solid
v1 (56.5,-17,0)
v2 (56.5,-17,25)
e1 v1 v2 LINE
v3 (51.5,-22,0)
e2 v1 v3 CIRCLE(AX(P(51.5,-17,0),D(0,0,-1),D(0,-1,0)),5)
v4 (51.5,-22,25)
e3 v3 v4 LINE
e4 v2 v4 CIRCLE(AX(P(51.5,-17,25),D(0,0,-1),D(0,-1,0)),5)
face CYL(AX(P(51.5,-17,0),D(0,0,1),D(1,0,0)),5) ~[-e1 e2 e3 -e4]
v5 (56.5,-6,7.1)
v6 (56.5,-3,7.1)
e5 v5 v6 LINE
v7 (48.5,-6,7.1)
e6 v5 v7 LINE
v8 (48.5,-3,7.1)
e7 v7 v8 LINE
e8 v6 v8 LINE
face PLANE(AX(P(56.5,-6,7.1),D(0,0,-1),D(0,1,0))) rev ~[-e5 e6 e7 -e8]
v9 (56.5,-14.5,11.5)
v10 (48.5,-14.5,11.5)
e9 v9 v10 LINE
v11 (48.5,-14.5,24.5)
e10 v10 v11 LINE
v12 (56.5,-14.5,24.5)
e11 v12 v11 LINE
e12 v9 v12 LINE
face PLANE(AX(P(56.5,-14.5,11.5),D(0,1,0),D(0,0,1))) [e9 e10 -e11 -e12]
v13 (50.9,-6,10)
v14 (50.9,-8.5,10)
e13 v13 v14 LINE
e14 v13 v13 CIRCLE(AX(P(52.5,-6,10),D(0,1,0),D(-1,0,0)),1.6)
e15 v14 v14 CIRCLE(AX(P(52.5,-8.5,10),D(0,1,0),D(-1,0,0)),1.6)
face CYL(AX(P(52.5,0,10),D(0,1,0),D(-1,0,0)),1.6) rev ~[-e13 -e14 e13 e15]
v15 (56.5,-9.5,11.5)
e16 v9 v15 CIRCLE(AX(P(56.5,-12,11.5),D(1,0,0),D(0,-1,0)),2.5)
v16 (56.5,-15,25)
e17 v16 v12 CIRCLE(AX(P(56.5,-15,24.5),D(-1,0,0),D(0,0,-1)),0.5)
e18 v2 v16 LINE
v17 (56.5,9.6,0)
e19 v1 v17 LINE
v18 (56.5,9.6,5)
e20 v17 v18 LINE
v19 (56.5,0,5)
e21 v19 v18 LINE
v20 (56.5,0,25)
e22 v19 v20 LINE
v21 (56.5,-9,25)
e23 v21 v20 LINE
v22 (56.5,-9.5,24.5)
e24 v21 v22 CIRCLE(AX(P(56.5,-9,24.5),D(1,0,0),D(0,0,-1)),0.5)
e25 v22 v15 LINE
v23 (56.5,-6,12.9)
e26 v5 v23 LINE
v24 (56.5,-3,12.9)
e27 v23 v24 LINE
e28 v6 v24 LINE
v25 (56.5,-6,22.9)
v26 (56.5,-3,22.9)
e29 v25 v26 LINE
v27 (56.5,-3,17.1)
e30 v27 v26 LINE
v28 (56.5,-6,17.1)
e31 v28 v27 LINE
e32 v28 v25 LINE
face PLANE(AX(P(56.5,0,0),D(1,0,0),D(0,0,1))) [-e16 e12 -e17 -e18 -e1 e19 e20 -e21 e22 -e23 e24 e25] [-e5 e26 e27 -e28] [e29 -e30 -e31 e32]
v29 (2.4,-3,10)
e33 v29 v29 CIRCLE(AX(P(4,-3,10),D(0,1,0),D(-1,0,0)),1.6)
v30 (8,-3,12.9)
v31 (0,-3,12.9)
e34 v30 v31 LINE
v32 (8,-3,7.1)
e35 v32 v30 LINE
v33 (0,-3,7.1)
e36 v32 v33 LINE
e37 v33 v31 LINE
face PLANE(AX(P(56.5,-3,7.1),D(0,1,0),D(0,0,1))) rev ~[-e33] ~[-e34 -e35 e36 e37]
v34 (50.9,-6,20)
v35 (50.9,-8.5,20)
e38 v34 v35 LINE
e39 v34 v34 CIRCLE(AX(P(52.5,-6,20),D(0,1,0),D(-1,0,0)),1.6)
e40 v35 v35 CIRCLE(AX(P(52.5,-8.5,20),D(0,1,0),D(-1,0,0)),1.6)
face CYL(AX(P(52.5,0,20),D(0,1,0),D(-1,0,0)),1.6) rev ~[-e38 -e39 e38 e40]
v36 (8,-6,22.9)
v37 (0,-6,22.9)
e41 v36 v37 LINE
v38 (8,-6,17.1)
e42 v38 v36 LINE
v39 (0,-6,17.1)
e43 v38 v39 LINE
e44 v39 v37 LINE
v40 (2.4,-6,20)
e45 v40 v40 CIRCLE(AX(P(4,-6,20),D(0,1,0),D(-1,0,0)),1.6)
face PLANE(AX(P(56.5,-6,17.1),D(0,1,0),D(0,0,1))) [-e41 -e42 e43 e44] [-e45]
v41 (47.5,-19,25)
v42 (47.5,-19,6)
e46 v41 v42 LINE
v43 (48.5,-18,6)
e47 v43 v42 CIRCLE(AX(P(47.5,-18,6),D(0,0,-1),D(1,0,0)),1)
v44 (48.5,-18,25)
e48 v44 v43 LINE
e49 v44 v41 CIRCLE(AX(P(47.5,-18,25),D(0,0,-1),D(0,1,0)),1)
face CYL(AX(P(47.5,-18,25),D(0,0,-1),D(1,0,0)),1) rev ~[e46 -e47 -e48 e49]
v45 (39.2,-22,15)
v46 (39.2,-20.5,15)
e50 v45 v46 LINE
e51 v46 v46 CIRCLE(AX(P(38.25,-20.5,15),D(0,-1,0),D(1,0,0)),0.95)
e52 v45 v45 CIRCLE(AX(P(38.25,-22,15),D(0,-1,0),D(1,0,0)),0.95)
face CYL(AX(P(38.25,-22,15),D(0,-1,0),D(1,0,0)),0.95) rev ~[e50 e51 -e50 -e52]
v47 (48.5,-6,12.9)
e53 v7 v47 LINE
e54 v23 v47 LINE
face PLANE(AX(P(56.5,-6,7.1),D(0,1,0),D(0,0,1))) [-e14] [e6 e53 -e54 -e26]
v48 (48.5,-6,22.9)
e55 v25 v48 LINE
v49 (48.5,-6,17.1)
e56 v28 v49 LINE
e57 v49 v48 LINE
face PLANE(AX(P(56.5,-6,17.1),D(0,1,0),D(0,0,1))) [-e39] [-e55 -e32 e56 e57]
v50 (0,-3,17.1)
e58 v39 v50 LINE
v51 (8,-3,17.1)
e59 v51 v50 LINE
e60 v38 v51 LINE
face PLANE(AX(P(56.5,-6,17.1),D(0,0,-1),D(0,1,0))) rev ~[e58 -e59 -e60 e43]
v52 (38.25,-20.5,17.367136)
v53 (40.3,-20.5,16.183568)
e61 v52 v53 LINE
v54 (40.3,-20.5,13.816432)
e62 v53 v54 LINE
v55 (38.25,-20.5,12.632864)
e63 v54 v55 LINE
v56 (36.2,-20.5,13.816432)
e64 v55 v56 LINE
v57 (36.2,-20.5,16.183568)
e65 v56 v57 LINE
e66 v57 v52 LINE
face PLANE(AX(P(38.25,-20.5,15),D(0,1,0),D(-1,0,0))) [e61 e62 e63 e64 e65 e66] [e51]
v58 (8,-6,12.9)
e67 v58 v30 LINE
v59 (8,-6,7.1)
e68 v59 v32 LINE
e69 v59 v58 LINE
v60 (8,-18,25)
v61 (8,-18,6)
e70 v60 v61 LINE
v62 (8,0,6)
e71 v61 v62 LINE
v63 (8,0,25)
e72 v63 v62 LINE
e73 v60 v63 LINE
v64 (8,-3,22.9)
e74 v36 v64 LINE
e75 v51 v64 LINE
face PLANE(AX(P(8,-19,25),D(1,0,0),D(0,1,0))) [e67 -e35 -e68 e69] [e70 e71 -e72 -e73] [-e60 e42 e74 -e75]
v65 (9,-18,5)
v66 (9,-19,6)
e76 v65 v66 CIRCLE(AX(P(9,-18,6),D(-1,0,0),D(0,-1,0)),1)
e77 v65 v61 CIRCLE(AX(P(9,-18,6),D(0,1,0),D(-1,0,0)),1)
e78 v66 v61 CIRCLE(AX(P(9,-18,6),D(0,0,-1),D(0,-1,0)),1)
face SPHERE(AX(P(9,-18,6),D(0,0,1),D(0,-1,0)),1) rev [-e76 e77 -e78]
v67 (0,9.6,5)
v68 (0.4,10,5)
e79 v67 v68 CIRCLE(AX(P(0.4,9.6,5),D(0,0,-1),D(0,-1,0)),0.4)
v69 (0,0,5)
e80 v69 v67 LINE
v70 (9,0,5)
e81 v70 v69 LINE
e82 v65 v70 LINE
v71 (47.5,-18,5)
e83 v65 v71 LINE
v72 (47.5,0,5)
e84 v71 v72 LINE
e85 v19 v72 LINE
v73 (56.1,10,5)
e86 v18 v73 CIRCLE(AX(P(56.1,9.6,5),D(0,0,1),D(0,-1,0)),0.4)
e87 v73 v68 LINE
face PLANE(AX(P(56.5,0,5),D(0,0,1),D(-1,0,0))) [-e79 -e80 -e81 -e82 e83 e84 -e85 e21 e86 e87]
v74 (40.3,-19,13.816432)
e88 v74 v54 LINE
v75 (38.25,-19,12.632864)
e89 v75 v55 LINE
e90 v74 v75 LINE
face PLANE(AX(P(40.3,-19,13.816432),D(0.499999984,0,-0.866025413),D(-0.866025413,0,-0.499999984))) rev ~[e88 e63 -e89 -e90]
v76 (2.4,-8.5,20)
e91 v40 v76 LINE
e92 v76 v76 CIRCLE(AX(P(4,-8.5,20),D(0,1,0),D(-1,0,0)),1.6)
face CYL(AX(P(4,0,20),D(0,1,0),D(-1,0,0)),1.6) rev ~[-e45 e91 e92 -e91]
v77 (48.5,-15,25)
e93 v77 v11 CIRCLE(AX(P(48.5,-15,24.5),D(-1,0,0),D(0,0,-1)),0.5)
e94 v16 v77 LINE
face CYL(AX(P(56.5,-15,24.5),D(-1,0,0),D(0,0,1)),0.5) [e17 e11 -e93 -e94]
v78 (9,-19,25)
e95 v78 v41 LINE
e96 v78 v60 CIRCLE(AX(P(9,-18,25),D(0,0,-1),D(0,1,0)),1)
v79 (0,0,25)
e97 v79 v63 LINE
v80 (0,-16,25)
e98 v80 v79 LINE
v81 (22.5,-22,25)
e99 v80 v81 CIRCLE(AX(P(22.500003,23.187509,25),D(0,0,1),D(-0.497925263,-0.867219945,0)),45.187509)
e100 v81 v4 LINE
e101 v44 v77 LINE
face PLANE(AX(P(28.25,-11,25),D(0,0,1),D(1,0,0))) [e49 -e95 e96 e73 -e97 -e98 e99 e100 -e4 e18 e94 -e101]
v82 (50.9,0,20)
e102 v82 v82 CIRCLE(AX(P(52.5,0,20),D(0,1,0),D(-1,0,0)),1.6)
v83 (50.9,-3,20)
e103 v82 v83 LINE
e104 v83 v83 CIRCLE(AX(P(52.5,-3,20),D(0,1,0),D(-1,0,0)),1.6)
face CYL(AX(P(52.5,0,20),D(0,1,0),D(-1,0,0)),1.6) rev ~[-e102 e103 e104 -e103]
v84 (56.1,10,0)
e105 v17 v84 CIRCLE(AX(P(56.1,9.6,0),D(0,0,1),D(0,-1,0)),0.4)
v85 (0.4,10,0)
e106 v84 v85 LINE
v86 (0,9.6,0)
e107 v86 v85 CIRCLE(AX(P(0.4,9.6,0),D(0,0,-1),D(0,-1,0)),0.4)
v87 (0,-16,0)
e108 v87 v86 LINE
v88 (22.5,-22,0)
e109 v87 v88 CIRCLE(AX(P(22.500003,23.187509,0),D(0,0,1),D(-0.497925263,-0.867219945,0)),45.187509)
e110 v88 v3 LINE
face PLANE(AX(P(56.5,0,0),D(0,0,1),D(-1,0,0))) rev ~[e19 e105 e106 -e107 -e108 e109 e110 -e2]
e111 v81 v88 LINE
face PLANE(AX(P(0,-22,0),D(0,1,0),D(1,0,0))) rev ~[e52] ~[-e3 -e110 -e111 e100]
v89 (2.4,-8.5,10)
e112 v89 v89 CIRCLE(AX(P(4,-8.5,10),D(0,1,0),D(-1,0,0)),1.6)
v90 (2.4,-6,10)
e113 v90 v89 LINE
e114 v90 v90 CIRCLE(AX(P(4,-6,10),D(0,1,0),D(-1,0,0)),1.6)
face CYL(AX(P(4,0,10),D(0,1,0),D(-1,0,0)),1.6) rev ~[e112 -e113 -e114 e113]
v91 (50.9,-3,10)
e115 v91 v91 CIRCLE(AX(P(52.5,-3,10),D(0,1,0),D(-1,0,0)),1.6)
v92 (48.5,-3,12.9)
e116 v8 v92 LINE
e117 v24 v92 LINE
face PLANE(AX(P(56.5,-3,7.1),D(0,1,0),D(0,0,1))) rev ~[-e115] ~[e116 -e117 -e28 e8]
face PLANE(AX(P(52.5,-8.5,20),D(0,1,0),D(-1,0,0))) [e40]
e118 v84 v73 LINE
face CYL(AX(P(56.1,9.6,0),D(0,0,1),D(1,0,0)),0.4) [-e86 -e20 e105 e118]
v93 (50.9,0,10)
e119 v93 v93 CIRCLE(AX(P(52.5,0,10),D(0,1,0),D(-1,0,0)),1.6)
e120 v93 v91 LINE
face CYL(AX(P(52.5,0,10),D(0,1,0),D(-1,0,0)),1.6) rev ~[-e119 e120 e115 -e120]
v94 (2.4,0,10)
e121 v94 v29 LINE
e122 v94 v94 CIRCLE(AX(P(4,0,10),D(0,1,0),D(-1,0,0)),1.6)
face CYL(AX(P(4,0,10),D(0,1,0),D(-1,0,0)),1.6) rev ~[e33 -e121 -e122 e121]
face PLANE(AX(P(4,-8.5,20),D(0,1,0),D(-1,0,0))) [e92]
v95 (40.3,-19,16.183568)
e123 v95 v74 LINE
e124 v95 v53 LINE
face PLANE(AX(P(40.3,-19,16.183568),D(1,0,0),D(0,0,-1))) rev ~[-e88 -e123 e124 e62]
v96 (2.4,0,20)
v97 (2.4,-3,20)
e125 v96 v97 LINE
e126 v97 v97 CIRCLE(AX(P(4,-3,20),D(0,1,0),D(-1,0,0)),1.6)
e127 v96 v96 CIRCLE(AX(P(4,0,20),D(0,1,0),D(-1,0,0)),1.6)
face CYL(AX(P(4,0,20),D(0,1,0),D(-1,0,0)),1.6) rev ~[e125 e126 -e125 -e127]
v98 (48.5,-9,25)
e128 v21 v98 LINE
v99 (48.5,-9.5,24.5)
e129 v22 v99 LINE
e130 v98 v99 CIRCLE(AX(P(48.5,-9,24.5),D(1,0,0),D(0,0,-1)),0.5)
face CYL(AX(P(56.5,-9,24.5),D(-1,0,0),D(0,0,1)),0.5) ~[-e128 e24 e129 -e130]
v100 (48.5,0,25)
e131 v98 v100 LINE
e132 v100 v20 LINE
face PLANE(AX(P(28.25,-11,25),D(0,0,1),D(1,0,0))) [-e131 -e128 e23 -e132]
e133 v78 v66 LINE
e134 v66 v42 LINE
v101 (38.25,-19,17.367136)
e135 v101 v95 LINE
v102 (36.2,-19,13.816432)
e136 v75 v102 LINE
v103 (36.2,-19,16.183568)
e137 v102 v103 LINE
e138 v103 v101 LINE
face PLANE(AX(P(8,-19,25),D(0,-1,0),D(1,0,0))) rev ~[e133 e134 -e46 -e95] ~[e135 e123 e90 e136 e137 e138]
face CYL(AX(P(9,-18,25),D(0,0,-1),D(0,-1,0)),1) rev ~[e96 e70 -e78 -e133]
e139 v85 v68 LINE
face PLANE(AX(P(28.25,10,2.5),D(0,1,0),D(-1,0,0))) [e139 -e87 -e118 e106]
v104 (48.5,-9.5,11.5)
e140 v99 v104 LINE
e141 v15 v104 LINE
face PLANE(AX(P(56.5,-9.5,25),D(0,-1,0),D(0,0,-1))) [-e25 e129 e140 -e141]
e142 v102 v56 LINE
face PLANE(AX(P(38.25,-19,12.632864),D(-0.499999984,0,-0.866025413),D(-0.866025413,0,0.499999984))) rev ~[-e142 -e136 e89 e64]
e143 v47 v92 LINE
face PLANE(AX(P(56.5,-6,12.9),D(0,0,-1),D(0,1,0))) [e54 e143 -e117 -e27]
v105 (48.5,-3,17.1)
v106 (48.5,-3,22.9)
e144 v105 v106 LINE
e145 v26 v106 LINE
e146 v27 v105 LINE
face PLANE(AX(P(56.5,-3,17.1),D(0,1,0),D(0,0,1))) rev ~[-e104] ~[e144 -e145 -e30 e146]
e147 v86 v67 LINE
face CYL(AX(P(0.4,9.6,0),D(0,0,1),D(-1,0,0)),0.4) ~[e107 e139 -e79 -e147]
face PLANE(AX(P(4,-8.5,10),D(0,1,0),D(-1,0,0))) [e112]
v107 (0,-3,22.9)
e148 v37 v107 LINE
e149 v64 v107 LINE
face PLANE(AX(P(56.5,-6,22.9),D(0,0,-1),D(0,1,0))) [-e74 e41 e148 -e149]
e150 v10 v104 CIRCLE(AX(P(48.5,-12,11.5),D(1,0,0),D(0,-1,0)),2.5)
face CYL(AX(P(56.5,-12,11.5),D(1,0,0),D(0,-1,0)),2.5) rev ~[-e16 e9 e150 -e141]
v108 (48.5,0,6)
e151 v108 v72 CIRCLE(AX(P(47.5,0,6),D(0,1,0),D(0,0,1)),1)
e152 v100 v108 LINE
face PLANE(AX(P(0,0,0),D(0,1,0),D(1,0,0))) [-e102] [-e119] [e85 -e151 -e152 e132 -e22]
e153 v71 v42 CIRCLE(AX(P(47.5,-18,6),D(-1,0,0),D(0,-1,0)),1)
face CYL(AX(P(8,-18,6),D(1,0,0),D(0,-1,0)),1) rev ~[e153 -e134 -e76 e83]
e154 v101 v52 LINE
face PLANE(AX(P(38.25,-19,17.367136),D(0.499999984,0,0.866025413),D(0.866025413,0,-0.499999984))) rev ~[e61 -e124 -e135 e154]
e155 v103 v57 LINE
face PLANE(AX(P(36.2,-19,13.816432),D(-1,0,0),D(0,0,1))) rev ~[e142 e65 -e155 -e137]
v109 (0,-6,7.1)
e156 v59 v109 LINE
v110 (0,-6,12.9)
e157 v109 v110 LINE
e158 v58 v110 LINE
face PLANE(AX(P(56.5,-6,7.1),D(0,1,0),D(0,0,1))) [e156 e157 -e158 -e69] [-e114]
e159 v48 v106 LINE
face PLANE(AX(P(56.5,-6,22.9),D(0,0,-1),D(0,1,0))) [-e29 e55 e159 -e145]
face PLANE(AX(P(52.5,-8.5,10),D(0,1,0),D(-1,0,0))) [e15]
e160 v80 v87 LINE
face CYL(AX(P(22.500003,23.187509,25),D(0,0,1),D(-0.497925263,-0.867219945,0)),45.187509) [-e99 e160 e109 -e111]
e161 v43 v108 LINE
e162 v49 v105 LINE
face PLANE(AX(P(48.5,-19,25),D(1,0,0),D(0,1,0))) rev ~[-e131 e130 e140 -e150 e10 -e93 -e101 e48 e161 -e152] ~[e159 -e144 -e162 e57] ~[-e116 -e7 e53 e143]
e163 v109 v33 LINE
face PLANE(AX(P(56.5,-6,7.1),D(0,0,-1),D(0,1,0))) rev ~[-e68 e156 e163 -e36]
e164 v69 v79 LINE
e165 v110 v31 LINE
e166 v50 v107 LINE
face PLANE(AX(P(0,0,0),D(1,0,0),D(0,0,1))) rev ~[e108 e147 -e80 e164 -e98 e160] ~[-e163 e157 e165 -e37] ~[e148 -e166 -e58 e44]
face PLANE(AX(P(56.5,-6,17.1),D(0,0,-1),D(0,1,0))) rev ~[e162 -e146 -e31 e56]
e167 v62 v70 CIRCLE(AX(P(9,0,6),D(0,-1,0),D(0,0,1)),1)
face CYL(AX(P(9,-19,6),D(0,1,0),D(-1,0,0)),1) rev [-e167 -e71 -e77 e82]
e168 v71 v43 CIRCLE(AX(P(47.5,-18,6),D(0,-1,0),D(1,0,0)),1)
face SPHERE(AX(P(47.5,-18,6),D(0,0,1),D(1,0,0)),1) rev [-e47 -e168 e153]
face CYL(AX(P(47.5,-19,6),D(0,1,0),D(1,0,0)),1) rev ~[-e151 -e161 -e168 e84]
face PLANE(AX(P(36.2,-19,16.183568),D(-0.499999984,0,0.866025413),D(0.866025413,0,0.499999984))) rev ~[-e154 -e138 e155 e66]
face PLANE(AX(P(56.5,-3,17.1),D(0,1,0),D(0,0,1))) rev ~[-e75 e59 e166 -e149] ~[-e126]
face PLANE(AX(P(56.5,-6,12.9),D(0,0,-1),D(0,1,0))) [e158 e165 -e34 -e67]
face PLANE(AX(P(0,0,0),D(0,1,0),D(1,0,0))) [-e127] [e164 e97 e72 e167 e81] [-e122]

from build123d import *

# Parameters (mm, degrees)
SKETCH125_W     = 56.5
SKETCH125_H     = 22
PAD023_DEPTH    = 25
SKETCH126_W     = 40.5
SKETCH126_H     = 19
POCKET095_DEPTH = 20
POCKET096_DEPTH = 25
SKETCH128_W     = 3
SKETCH128_H     = 5.8
POCKET098_DEPTH = 56.5
SKETCH130_R     = 1.6
POCKET099_DEPTH = 8.5
POCKET100_DEPTH = 8
FILLET035_R     = 0.5
SKETCH132_R     = 0.95
POCKET101_DEPTH = 3
POCKET102_DEPTH = 1.5
FILLET036_R     = 5
FILLET037_R     = 1
SKETCH_W        = 56.5
SKETCH_H        = 5
PAD_DEPTH       = 10
FILLET_R        = 0.4


with BuildPart() as part:
    # Sketch125 → Pad023 (new body)
    with BuildSketch(Plane.XY):
        with Locations((28.25, -11)):
            Rectangle(SKETCH125_W, SKETCH125_H)
    extrude(amount=PAD023_DEPTH)

    # Sketch126 (on Face6 of Pad023) → Pocket095 (cut)
    with BuildSketch(Plane.XY.offset(25)):
        with Locations((28.25, -9.5)):
            Rectangle(SKETCH126_W, SKETCH126_H)
    extrude(amount=-POCKET095_DEPTH, mode=Mode.SUBTRACT)

    # Sketch127 (on Face4 of Pocket095) → Pocket096 (cut)
    with BuildSketch(Plane.XY.offset(25)):
        with BuildLine():
            ThreePointArc((0, -16), (10.856869, -20.474241), (22.5, -22))
            Line((22.5, -22), (56.5, -22))
            Line((56.5, -22), (56.5, -23))
            Line((56.5, -23), (0, -23))
            Line((0, -23), (0, -16))
        make_face()
    extrude(amount=-POCKET096_DEPTH, mode=Mode.SUBTRACT)

    # Sketch128 (on Face3 of Pocket096) → Pocket098 (cut)
    with BuildSketch(Plane.YZ.offset(56.5)):
        with Locations((-4.5, 20)):
            Rectangle(SKETCH128_W, SKETCH128_H)
        with Locations((-4.5, 10)):
            Rectangle(SKETCH128_W, SKETCH128_H)
    extrude(amount=-POCKET098_DEPTH, mode=Mode.SUBTRACT)

    # Sketch130 (on Face1 of Pocket098) → Pocket099 (cut)
    with BuildSketch(Plane(origin=(0, 0, 0), x_dir=(-1, 0, 0), z_dir=(0, 1, 0))):
        with Locations((-52.5, 20)):
            Circle(SKETCH130_R)
        with Locations((-52.5, 10)):
            Circle(SKETCH130_R)
        with Locations((-4, 20)):
            Circle(SKETCH130_R)
        with Locations((-4, 10)):
            Circle(SKETCH130_R)
    extrude(amount=-POCKET099_DEPTH, mode=Mode.SUBTRACT)

    # Sketch131 (on Face4 of Pocket099) → Pocket100 (cut)
    with BuildSketch(Plane.YZ.offset(56.5)):
        with BuildLine():
            ThreePointArc((-14.5, 11.5), (-12, 9), (-9.5, 11.5))
            Line((-9.5, 25), (-9.5, 11.5))
            Line((-14.5, 25), (-9.5, 25))
            Line((-14.5, 11.5), (-14.5, 25))
        make_face()
    extrude(amount=-POCKET100_DEPTH, mode=Mode.SUBTRACT)

    # Fillet035
    fillet035_edges = [part.edges().sort_by_distance(p)[0] for p in [
        (52.5, -9.5, 25),
        (52.5, -14.5, 25),
    ]]
    fillet(fillet035_edges, radius=FILLET035_R)

    # Sketch132 (on Face4 of Fillet035) → Pocket101 (cut)
    with BuildSketch(Plane.XZ.offset(22)):
        with Locations((38.25, 15)):
            Circle(SKETCH132_R)
    extrude(amount=-POCKET101_DEPTH, mode=Mode.SUBTRACT)

    # Sketch133 (on Face22 of Pocket101) → Pocket102 (cut)
    with BuildSketch(Plane(origin=(0, -19, 0), x_dir=(-1, 0, 0), z_dir=(0, 1, 0))):
        Polygon((-36.2, 16.183568), (-38.25, 17.367136), (-40.3, 16.183568), (-40.3, 13.816432), (-38.25, 12.632864), (-36.2, 13.816432), align=None)
    extrude(amount=-POCKET102_DEPTH, mode=Mode.SUBTRACT)

    # Fillet036
    fillet036_edges = [part.edges().sort_by_distance(p)[0] for p in [
        (56.5, -22, 12.5),
    ]]
    fillet(fillet036_edges, radius=FILLET036_R)

    # Fillet037
    fillet037_edges = [part.edges().sort_by_distance(p)[0] for p in [
        (8, -19, 15),
        (48.5, -19, 15),
        (48.5, -9.5, 5),
        (28.25, -19, 5),
        (8, -9.5, 5),
    ]]
    fillet(fillet037_edges, radius=FILLET037_R)

    # Sketch (on Face11 of Fillet037) → Pad (join)
    with BuildSketch(Plane(origin=(0, 0, 0), x_dir=(-1, 0, 0), z_dir=(0, 1, 0))):
        with Locations((-28.25, 2.5)):
            Rectangle(SKETCH_W, SKETCH_H)
    extrude(amount=PAD_DEPTH)

    # Fillet
    fillet_edges = [part.edges().sort_by_distance(p)[0] for p in [
        (56.5, 10, 2.5),
        (0, 10, 2.5),
    ]]
    fillet(fillet_edges, radius=FILLET_R)


solid = part.part
